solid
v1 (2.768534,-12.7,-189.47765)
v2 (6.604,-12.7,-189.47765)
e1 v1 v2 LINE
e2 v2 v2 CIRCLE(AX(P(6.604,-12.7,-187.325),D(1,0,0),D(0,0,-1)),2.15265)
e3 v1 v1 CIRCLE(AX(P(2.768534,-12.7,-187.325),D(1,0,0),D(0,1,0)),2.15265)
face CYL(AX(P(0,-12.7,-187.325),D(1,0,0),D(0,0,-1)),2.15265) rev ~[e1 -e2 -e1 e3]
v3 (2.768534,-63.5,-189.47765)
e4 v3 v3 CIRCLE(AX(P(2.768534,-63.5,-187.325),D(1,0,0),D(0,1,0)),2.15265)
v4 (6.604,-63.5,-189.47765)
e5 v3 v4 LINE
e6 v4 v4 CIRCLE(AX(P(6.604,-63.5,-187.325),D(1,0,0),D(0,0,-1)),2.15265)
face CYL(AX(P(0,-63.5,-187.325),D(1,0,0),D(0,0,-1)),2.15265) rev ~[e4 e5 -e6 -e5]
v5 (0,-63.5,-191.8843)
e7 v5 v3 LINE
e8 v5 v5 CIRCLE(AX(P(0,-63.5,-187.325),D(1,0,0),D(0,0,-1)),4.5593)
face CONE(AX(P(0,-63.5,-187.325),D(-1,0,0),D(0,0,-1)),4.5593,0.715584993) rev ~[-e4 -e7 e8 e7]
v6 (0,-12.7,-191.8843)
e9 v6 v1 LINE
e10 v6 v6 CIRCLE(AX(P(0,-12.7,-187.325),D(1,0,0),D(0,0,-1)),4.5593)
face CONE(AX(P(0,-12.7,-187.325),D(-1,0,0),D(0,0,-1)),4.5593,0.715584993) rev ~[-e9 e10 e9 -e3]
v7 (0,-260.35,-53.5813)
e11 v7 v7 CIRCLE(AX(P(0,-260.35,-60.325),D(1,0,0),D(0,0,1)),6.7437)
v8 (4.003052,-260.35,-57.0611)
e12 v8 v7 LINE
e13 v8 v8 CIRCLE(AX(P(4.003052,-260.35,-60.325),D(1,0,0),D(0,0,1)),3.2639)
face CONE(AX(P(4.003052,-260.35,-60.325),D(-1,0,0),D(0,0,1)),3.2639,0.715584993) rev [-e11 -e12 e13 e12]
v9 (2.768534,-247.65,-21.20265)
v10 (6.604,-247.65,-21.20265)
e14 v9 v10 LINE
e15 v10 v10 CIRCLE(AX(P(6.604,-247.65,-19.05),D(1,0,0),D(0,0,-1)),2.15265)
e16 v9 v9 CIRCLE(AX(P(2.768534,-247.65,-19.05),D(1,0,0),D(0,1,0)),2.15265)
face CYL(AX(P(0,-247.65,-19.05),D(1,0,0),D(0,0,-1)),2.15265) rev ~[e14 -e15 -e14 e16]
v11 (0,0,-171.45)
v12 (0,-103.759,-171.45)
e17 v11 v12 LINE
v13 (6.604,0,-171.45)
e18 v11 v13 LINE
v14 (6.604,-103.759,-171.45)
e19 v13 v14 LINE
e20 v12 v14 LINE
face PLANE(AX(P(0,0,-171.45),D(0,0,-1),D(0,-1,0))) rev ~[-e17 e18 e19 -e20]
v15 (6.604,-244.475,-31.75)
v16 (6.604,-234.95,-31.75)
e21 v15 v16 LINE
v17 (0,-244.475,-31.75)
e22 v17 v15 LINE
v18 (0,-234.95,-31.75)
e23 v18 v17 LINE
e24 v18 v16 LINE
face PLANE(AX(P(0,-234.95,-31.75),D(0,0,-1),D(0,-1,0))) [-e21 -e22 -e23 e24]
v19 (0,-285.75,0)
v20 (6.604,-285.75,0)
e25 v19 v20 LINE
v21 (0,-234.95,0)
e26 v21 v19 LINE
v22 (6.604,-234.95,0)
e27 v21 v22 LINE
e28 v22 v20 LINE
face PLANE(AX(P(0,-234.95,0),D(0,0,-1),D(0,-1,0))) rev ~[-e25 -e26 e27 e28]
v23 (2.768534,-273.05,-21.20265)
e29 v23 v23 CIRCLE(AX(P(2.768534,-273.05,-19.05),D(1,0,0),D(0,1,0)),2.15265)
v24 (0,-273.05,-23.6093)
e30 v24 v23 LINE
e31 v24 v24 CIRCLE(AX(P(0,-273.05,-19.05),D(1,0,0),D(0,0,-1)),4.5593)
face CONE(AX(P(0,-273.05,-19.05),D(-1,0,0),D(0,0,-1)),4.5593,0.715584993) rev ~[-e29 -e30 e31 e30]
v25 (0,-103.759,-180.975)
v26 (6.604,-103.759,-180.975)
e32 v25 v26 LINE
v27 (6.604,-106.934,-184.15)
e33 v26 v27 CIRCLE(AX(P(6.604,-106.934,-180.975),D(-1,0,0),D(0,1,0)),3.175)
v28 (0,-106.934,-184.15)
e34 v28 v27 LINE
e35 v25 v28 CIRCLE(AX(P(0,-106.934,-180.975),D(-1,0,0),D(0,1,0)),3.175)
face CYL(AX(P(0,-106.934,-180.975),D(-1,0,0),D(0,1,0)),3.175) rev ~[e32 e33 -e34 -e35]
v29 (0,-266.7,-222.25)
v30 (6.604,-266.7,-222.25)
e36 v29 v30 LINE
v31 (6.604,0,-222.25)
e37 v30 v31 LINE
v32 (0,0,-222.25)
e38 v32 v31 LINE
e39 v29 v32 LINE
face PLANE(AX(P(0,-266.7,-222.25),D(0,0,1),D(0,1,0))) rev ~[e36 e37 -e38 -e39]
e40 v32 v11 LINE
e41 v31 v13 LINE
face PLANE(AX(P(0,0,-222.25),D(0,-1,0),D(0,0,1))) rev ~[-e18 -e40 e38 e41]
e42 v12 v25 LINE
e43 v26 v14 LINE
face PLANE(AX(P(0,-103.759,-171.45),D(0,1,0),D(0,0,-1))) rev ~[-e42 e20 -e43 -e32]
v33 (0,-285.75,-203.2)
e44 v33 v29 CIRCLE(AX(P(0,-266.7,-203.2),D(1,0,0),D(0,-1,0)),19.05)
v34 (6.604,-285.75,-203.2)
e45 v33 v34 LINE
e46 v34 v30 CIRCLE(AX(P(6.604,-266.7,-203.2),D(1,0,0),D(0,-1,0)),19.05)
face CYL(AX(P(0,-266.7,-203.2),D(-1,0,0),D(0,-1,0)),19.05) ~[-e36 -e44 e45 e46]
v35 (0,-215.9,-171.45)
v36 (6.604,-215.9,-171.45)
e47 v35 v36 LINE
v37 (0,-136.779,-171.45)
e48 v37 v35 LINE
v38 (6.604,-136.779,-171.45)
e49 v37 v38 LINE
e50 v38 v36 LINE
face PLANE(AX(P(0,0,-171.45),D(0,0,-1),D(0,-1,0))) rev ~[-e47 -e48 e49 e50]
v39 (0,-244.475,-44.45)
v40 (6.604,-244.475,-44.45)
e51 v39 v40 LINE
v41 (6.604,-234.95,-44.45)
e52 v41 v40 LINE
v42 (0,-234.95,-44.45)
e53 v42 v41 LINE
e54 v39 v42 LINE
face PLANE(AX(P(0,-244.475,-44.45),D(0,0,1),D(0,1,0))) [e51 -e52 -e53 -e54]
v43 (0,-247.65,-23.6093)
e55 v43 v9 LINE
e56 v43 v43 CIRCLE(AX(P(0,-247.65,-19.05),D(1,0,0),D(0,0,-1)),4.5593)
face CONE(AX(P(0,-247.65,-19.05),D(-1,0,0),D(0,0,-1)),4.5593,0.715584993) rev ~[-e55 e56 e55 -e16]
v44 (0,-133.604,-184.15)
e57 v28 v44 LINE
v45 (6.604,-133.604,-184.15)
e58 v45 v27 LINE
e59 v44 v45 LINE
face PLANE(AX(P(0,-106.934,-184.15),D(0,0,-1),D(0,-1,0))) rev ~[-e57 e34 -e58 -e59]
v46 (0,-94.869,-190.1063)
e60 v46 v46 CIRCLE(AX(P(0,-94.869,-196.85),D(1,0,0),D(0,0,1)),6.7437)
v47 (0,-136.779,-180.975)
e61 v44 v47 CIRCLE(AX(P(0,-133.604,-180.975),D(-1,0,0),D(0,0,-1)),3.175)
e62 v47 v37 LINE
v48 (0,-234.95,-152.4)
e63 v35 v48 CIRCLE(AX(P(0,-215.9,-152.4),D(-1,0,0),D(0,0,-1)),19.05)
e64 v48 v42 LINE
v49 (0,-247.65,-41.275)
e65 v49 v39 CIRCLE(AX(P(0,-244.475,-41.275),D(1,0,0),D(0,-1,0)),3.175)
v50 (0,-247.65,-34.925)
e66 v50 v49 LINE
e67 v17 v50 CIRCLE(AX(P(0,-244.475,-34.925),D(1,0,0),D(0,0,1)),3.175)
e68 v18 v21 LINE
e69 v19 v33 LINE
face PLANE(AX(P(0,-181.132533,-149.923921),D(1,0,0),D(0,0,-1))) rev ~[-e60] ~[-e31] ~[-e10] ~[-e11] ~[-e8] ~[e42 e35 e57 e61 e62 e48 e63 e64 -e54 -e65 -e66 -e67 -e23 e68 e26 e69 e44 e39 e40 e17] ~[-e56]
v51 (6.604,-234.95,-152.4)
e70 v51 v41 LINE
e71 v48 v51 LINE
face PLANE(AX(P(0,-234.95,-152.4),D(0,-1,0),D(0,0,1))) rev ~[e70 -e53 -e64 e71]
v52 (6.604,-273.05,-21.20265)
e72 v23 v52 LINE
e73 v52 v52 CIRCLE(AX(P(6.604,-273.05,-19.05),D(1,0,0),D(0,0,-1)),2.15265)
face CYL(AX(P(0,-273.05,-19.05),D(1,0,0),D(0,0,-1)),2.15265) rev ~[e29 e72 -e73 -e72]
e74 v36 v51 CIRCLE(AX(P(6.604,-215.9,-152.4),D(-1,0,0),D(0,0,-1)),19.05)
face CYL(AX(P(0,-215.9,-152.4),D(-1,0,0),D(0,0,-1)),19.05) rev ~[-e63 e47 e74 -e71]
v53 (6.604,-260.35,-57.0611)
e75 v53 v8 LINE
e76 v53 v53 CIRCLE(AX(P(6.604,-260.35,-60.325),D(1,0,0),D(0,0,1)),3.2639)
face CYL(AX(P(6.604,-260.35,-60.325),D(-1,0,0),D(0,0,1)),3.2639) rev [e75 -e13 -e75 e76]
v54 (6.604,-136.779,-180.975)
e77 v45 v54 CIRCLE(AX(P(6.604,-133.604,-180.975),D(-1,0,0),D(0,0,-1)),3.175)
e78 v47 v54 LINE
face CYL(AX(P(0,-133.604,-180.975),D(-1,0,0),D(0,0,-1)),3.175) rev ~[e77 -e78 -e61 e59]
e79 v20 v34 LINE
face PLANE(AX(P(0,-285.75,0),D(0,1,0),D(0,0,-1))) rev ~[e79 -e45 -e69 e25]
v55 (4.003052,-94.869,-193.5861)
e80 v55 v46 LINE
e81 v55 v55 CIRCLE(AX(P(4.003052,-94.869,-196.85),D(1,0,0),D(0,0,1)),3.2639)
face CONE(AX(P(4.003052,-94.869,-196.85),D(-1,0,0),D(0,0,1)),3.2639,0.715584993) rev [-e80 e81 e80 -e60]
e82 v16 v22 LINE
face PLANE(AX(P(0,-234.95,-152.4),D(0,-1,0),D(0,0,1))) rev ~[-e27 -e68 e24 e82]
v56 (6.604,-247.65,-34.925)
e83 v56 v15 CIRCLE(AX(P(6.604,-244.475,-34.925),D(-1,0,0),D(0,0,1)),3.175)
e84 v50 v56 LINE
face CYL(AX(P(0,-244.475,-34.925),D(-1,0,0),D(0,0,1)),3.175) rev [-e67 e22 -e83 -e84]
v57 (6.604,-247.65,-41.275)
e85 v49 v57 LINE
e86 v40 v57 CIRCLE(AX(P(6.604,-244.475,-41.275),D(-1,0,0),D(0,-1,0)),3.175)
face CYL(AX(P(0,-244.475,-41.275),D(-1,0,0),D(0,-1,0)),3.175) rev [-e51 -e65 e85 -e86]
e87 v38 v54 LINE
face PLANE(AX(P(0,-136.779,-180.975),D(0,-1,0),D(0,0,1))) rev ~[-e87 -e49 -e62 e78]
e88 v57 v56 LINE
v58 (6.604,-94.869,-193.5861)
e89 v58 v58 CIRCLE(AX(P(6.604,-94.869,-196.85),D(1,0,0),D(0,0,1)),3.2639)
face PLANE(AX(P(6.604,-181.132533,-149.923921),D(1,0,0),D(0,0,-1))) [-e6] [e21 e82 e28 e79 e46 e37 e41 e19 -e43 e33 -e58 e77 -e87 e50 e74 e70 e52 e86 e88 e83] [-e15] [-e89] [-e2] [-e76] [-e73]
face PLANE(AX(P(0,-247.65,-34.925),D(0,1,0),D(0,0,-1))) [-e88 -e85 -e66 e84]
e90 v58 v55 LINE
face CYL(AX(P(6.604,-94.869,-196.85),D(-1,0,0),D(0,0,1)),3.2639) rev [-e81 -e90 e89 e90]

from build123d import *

# Parameters (mm, degrees)
BOSS_EXTRUDE2_DEPTH                               = 6.604
CSK_FOR_8_FLAT_HEAD_SOCKET_CAP_SCREW1_D           = 4.3053
CSK_FOR_8_FLAT_HEAD_SOCKET_CAP_SCREW1_CSINK_D     = 9.1186
CSK_FOR_8_FLAT_HEAD_SOCKET_CAP_SCREW1_CSINK_ANGLE = 82
CSK_FOR_8_FLAT_HEAD_SOCKET_CAP_SCREW2_D           = 4.3053
CSK_FOR_8_FLAT_HEAD_SOCKET_CAP_SCREW2_CSINK_D     = 9.1186
CSK_FOR_8_FLAT_HEAD_SOCKET_CAP_SCREW2_CSINK_ANGLE = 82
CSK_FOR_1_4_FLAT_HEAD_SOCKET_CAP_SCR_2_COUNT      = 2
CSK_FOR_1_4_FLAT_HEAD_SOCKET_CAP_SCR_2_PITCH      = 214.529804424
CUT_EXTRUDE1_DEPTH                                = 7.604


with BuildPart() as part:
    # Sketch1 → Boss-Extrude2 (new body)
    with BuildSketch(Plane(origin=(0, 0, 0), x_dir=(0, 0, -1), z_dir=(1, 0, 0))):
        with BuildLine():
            Line((0, -234.95), (0, -285.75))
            Line((0, -285.75), (203.2, -285.75))
            ThreePointArc((203.2, -285.75), (216.670384182, -280.170384182), (222.25, -266.7))
            Line((222.25, -266.7), (222.25, 0))
            Line((222.25, 0), (171.45, 0))
            Line((171.45, 0), (171.45, -215.9))
            ThreePointArc((171.45, -215.9), (165.870384182, -229.370384182), (152.4, -234.95))
            Line((152.4, -234.95), (0, -234.95))
        make_face()
    extrude(amount=BOSS_EXTRUDE2_DEPTH)

    # CSK for #8 Flat Head Socket Cap Screw1 (through all)
    with Locations(Plane(origin=(0, -130.017092458, -32.785257097), x_dir=(0, 0, 1), z_dir=(-1, 0, 0))):
        with Locations((-154.539742903, 117.317092458), (-154.539742903, 66.517092458)):
            CounterSinkHole(CSK_FOR_8_FLAT_HEAD_SOCKET_CAP_SCREW1_D / 2, CSK_FOR_8_FLAT_HEAD_SOCKET_CAP_SCREW1_CSINK_D / 2, counter_sink_angle=CSK_FOR_8_FLAT_HEAD_SOCKET_CAP_SCREW1_CSINK_ANGLE)

    # CSK for #8 Flat Head Socket Cap Screw2 (through all)
    with Locations(Plane(origin=(0, 131.594255301, -188.074513541), x_dir=(0, 0, 1), z_dir=(-1, 0, 0))):
        with Locations((169.024513541, -379.244255301), (169.024513541, -404.644255301)):
            CounterSinkHole(CSK_FOR_8_FLAT_HEAD_SOCKET_CAP_SCREW2_D / 2, CSK_FOR_8_FLAT_HEAD_SOCKET_CAP_SCREW2_CSINK_D / 2, counter_sink_angle=CSK_FOR_8_FLAT_HEAD_SOCKET_CAP_SCREW2_CSINK_ANGLE)

    # Sketch9 → CSK for 1/4 Flat Head Socket Cap Screw1 (revolve, cut)
    with BuildSketch(Plane(origin=(0, -94.869, -196.85), x_dir=(0, 0, 1), z_dir=(0, 1, 0))):
        Polygon((0, 0), (0, 6.604), (3.2639, 6.604), (3.2639, 4.003051983), (6.7437, 0), align=None)
    csk_for_1_4_flat_head_socket_cap_screw1 = revolve(axis=Axis((-6.35, -94.869, -196.85), (1, 0, 0)), mode=Mode.SUBTRACT)

    # CSK for 1_4 Flat Head Socket Cap Scr 2: CSK for 1/4 Flat Head Socket Cap Screw1 ×2
    with Locations(*[Vector(0, -0.771366013, 0.636391761) * (i * CSK_FOR_1_4_FLAT_HEAD_SOCKET_CAP_SCR_2_PITCH) for i in range(1, CSK_FOR_1_4_FLAT_HEAD_SOCKET_CAP_SCR_2_COUNT)]):
        add(csk_for_1_4_flat_head_socket_cap_screw1, mode=Mode.SUBTRACT)

    # Sketch11 → Cut-Extrude1 (cut, through all)
    with BuildSketch(Plane.ZY):
        with BuildLine():
            Line((-171.45, -103.759), (-180.975, -103.759))
            ThreePointArc((-180.975, -103.759), (-183.22006403, -104.68893597), (-184.15, -106.934))
            Line((-184.15, -106.934), (-184.15, -133.604))
            ThreePointArc((-184.15, -133.604), (-183.22006403, -135.84906403), (-180.975, -136.779))
            Line((-180.975, -136.779), (-171.45, -136.779))
            Line((-171.45, -136.779), (-171.45, -103.759))
        make_face()
        with BuildLine():
            Line((-44.45, -234.95), (-31.75, -234.95))
            Line((-31.75, -234.95), (-31.75, -244.475))
            ThreePointArc((-31.75, -244.475), (-32.67993597, -246.72006403), (-34.925, -247.65))
            Line((-34.925, -247.65), (-41.275, -247.65))
            ThreePointArc((-41.275, -247.65), (-43.52006403, -246.72006403), (-44.45, -244.475))
            Line((-44.45, -244.475), (-44.45, -234.95))
        make_face()
    extrude(amount=-CUT_EXTRUDE1_DEPTH, mode=Mode.SUBTRACT)


solid = part.part
